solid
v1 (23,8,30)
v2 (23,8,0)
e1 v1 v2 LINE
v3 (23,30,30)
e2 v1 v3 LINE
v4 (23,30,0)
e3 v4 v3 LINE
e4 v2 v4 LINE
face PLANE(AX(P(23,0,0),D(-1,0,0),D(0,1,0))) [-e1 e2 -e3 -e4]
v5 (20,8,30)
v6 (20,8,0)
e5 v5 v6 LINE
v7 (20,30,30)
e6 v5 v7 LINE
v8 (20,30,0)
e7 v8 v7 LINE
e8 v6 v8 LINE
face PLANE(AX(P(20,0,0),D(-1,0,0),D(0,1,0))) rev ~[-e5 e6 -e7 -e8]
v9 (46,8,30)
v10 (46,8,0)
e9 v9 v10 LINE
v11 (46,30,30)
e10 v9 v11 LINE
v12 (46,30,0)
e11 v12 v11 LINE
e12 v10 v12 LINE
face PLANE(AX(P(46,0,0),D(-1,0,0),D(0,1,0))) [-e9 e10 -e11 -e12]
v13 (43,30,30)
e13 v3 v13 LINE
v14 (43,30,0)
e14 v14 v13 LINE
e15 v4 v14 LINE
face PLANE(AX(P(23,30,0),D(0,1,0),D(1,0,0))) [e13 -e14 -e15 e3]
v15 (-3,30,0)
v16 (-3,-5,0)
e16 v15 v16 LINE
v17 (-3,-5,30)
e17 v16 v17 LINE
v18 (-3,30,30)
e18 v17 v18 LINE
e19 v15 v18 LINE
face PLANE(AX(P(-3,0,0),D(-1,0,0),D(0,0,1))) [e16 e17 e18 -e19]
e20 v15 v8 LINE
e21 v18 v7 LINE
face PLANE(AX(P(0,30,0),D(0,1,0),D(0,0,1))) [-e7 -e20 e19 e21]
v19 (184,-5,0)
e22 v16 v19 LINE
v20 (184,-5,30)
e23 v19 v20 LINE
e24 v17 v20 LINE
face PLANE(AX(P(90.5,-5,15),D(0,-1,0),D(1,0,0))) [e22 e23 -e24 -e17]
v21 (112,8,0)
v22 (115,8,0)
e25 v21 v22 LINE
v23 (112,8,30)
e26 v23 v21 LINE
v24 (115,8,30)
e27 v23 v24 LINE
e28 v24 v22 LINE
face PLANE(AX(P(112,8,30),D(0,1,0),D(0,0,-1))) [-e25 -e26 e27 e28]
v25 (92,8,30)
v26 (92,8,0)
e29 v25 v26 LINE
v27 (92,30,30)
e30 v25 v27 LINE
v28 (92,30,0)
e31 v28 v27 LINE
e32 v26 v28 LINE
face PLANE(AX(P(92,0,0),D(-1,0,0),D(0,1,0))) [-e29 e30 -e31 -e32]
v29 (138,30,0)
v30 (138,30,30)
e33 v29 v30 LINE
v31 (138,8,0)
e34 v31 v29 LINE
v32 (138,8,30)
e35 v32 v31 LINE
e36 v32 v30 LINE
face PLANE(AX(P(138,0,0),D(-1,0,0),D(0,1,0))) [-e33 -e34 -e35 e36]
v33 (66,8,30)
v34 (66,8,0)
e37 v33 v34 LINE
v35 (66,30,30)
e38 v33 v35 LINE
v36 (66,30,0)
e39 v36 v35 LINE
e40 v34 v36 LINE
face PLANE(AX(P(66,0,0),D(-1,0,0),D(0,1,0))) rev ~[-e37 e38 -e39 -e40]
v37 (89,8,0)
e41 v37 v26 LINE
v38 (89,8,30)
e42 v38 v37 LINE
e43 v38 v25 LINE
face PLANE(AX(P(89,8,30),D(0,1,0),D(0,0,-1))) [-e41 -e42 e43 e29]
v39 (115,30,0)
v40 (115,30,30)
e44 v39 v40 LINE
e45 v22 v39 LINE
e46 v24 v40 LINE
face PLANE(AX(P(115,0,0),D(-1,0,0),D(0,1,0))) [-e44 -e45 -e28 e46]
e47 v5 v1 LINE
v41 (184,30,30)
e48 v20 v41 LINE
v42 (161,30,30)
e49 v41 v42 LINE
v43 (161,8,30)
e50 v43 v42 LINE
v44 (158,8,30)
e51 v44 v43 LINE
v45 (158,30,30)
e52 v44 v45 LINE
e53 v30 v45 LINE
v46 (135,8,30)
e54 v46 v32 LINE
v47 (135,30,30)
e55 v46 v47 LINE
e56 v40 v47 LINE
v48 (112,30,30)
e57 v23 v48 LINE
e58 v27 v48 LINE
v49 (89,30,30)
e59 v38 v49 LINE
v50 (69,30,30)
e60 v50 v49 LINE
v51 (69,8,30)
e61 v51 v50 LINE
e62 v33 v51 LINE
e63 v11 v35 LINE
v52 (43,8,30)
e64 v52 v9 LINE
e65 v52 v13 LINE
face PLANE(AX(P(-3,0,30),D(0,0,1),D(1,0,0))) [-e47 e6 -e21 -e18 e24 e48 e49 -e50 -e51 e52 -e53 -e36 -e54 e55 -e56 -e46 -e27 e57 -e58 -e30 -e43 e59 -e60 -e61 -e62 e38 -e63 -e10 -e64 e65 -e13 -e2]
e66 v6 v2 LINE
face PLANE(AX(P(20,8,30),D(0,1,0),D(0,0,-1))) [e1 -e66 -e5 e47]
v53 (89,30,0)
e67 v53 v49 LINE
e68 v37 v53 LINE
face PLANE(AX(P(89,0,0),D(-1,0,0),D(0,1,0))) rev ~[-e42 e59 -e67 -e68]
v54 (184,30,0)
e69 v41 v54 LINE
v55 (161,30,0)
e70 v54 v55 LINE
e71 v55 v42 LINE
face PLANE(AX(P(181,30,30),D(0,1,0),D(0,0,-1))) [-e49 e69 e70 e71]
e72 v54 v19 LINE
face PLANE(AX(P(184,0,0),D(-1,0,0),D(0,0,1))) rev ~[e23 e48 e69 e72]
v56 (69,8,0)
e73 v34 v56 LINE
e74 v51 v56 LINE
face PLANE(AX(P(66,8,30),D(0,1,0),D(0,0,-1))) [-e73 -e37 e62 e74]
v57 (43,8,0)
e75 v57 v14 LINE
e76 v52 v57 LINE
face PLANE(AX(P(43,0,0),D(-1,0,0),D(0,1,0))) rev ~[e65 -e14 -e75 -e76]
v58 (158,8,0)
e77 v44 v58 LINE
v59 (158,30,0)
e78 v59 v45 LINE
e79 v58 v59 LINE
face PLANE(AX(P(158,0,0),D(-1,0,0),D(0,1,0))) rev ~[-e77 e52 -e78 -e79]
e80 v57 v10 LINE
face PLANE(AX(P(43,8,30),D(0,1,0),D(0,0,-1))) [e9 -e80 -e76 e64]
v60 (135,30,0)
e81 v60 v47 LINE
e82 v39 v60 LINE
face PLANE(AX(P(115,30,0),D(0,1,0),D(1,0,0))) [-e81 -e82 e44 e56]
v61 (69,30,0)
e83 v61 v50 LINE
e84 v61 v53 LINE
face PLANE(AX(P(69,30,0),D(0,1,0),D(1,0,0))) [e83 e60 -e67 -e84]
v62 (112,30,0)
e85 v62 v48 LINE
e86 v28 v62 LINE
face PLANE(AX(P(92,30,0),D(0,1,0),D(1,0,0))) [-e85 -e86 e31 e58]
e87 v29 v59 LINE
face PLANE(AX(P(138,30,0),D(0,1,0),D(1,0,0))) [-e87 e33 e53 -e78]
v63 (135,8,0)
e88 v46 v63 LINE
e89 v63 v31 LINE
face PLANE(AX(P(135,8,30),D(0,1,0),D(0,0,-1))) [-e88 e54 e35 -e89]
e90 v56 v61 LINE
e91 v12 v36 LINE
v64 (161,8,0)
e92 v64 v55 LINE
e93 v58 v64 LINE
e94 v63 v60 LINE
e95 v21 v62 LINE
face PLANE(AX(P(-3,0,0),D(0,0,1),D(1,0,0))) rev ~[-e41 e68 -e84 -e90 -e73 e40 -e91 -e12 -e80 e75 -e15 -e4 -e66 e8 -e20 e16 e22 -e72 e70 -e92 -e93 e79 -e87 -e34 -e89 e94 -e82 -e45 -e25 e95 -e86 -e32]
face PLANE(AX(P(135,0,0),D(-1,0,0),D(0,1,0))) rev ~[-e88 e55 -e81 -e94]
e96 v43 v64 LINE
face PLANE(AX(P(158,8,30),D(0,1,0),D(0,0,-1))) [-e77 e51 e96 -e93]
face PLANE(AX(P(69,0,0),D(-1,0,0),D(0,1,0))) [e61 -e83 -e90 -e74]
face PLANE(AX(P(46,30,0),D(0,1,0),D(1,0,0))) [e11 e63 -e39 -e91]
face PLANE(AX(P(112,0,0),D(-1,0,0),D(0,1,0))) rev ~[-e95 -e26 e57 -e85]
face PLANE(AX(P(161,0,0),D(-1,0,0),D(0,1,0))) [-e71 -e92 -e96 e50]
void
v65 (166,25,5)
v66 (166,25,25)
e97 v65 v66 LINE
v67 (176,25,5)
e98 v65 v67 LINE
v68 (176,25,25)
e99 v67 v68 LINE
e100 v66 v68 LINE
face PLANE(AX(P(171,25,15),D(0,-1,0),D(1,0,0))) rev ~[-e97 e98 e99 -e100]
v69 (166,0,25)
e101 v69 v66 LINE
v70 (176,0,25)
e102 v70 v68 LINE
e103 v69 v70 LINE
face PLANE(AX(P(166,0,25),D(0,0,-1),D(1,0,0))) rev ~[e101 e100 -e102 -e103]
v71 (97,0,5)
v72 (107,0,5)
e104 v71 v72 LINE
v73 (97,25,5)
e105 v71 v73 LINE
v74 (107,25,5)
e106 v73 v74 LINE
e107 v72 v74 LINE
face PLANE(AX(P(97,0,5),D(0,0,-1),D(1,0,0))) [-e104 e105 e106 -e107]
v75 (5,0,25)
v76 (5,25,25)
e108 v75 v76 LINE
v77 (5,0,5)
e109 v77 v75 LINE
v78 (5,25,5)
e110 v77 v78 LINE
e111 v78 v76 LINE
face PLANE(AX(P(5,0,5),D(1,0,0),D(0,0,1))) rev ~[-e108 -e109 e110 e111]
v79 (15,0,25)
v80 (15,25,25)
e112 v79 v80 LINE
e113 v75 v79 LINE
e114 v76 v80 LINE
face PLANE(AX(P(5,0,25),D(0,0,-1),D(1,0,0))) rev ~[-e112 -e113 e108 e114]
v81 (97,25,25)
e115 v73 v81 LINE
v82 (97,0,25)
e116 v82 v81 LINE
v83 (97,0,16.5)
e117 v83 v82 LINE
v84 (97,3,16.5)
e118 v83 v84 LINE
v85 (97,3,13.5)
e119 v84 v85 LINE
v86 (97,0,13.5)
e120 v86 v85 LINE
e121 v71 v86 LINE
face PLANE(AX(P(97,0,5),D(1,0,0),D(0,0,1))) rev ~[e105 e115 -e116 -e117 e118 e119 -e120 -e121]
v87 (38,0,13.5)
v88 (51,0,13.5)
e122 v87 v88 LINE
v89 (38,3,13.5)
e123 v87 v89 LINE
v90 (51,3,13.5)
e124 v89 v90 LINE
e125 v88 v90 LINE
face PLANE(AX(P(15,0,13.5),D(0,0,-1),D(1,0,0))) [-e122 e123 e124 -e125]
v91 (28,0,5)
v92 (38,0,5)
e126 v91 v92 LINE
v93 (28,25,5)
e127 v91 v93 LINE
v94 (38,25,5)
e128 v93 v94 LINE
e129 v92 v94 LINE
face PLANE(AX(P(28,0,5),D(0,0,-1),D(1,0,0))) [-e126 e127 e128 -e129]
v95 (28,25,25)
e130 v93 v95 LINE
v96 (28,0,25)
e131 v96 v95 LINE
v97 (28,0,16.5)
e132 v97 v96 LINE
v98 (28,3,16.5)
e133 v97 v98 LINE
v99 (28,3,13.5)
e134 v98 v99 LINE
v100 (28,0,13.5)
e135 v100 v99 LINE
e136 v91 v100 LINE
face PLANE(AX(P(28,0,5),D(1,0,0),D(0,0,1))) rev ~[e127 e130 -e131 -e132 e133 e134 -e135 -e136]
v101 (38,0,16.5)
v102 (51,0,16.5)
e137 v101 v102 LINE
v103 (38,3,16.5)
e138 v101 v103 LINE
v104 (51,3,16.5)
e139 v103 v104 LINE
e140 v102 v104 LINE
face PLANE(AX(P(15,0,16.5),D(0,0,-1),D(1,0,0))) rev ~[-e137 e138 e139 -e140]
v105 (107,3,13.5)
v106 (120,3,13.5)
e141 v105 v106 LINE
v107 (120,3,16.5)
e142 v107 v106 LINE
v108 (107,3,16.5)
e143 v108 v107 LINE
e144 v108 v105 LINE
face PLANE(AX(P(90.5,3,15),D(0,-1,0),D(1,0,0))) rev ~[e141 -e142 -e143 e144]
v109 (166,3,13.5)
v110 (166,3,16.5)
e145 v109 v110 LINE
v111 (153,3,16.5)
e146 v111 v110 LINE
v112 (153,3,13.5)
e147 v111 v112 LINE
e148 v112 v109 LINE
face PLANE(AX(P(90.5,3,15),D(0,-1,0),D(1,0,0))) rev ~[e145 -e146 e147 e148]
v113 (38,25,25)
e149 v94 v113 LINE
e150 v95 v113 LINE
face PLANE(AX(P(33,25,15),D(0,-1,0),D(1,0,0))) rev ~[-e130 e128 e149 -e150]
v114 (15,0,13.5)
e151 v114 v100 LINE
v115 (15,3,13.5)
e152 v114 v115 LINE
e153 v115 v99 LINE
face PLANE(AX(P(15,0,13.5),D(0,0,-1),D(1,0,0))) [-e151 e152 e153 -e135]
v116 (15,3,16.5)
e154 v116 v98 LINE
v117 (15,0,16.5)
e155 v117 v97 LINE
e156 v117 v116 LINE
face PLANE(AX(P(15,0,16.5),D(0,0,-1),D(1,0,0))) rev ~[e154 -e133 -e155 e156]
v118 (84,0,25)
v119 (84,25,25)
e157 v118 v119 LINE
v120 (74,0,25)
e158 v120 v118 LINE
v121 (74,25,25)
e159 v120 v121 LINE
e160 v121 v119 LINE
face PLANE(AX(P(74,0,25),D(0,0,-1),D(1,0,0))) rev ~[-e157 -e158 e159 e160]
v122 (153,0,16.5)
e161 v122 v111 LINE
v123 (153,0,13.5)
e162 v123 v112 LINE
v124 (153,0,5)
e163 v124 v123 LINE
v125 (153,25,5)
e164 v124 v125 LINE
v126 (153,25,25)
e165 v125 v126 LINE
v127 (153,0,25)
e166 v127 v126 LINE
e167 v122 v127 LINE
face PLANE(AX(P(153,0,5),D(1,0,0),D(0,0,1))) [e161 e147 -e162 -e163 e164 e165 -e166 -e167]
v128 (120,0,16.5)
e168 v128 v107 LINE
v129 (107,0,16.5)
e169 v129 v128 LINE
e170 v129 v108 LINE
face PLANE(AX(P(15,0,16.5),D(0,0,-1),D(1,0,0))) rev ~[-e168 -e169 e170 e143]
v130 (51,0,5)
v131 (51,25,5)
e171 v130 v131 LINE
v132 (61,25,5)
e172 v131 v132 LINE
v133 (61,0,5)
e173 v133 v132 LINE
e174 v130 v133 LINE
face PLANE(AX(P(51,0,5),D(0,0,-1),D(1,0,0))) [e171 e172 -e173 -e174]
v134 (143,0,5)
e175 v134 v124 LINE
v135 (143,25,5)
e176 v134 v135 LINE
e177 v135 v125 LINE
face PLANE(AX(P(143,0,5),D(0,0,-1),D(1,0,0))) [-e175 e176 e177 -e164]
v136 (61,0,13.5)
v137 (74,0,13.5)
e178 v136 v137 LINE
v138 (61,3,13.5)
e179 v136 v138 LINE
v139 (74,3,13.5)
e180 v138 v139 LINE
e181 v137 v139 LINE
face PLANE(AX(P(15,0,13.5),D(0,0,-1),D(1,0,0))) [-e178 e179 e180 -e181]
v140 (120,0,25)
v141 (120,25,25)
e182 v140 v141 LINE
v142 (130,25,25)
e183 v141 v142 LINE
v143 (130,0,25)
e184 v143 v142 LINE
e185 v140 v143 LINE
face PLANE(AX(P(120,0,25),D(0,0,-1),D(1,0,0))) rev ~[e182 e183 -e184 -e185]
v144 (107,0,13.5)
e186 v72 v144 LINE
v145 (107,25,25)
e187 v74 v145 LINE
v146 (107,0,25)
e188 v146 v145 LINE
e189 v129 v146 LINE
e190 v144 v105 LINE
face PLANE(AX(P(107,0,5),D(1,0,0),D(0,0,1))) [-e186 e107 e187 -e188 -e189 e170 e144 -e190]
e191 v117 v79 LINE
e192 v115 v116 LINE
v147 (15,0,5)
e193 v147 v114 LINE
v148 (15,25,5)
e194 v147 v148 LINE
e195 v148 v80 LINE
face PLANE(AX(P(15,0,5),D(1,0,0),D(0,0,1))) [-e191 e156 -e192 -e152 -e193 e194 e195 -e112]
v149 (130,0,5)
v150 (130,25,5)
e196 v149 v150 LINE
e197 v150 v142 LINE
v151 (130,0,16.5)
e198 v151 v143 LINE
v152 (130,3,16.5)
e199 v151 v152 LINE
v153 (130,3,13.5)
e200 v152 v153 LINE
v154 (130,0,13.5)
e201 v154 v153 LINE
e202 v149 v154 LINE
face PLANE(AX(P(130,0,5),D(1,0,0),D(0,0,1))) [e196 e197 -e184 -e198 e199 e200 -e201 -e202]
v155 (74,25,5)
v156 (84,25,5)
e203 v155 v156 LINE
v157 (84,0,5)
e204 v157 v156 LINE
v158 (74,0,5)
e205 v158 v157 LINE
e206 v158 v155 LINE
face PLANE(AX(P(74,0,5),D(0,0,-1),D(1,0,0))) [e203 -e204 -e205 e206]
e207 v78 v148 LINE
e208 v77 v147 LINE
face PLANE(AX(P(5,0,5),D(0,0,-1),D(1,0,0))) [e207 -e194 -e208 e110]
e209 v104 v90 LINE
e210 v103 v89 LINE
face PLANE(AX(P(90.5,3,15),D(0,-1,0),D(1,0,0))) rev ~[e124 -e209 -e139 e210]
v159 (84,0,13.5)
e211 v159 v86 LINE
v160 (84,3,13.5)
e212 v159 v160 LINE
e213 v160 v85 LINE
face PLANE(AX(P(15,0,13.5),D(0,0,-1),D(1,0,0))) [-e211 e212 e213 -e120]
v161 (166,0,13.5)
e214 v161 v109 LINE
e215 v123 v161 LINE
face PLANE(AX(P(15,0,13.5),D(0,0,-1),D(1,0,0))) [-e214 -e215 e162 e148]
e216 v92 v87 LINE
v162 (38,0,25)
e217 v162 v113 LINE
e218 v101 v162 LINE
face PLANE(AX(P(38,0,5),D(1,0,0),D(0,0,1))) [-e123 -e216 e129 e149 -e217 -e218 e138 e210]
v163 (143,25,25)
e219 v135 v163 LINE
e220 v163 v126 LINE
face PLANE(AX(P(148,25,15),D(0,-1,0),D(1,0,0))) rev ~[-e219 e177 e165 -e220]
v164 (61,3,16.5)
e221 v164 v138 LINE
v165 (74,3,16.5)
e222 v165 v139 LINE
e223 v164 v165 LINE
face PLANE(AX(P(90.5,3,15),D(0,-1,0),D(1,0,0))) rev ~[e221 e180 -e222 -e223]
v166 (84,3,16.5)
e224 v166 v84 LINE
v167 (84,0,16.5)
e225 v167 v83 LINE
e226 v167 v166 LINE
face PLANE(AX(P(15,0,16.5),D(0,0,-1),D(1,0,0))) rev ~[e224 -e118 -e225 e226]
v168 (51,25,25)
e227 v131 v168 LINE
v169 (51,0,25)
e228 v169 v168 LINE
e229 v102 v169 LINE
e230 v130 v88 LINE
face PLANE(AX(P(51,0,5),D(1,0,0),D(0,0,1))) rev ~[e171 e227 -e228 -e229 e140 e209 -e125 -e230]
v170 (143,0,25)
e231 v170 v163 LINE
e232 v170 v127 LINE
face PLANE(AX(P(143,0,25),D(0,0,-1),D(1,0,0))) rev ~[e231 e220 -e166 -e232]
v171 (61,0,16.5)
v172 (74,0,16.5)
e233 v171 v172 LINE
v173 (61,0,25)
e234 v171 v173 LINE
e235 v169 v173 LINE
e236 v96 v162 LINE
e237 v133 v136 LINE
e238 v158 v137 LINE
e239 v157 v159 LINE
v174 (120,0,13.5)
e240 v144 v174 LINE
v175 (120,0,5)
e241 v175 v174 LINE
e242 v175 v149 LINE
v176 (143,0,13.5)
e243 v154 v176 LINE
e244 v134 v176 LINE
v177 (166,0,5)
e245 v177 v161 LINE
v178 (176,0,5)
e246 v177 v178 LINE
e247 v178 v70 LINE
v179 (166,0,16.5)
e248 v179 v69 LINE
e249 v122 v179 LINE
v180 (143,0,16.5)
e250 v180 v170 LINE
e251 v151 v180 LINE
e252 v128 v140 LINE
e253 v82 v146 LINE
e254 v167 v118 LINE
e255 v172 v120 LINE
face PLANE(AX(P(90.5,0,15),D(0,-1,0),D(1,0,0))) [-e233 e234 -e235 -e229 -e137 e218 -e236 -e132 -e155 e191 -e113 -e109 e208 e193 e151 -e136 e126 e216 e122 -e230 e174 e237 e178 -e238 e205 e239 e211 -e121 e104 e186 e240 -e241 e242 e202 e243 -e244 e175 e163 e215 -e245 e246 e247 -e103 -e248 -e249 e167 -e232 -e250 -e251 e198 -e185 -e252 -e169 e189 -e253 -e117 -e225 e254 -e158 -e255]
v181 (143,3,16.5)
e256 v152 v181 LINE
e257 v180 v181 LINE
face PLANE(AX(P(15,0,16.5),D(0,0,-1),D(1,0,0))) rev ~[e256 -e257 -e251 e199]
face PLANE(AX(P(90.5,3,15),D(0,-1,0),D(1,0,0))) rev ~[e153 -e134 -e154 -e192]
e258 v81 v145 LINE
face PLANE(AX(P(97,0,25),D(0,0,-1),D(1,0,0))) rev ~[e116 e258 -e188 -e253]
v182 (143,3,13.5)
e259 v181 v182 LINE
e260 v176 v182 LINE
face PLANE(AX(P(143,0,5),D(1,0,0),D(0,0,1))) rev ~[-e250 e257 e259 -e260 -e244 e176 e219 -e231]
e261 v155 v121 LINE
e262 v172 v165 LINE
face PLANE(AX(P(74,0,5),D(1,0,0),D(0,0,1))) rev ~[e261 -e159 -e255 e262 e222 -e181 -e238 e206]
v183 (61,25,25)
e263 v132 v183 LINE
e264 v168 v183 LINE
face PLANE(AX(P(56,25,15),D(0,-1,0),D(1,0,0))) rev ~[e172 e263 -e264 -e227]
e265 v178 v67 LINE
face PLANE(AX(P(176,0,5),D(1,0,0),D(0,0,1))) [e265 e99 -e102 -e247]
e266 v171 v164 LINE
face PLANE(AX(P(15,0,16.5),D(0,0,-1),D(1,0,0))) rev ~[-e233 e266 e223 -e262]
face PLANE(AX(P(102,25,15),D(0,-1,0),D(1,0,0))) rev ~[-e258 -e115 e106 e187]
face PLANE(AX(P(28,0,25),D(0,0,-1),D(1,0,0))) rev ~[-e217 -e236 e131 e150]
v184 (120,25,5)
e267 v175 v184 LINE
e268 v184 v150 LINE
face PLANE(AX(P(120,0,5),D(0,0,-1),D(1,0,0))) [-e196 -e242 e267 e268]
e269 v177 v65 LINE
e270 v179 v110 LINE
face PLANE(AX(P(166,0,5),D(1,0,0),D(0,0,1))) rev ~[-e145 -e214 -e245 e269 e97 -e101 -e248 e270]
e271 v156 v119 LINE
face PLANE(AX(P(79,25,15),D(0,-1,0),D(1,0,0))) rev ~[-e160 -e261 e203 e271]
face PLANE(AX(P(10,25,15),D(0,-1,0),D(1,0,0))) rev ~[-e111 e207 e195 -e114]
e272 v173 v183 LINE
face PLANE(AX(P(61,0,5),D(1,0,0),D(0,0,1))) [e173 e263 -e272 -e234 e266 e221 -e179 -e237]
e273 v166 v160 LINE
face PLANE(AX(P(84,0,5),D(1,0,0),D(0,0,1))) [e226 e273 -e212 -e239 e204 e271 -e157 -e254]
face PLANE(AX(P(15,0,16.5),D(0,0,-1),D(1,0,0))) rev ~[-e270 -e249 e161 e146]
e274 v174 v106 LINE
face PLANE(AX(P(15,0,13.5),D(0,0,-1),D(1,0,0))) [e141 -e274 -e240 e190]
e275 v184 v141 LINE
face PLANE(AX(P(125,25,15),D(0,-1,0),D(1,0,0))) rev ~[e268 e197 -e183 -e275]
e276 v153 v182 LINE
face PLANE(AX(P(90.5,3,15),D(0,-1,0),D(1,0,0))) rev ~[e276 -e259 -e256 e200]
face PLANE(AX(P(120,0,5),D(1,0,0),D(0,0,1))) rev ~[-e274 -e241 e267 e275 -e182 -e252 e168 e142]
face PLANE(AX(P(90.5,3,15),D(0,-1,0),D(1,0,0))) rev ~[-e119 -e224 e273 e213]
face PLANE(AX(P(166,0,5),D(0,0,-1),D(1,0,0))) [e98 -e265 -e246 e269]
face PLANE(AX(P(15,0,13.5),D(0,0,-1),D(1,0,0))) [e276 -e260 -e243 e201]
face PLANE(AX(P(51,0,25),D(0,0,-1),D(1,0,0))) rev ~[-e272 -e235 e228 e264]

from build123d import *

# Parameters (mm, degrees)
SKETCH1_W           = 20
SKETCH1_H           = 30
BOSS_EXTRUDE1_DEPTH = 30
SKETCH2_W           = 10
SKETCH2_H           = 20
CUT_EXTRUDE1_DEPTH  = 25
SKETCH3_W           = 30
SKETCH3_H           = 8
BOSS_EXTRUDE2_DEPTH = 3
LPATTERN1_COUNT     = 8
LPATTERN1_PITCH     = 23
SKETCH4_W           = 30
SKETCH4_H           = 22
BOSS_EXTRUDE3_DEPTH = 3
SKETCH5_W           = 30
SKETCH5_H           = 30
BOSS_EXTRUDE4_DEPTH = 3
SKETCH6_W           = 151
SKETCH6_H           = 3
CUT_EXTRUDE2_DEPTH  = 3
SKETCH7_W           = 187
SKETCH7_H           = 30
BOSS_EXTRUDE5_DEPTH = 5


with BuildPart() as part:
    # Sketch1 → Boss-Extrude1 (new body)
    with BuildSketch(Plane.XY):
        with Locations((10, 15)):
            Rectangle(SKETCH1_W, SKETCH1_H)
    extrude(amount=BOSS_EXTRUDE1_DEPTH)

    # Sketch2 → Cut-Extrude1 (cut)
    with BuildSketch(Plane.XZ):
        with Locations((10, 15)):
            Rectangle(SKETCH2_W, SKETCH2_H)
    extrude(amount=-CUT_EXTRUDE1_DEPTH, mode=Mode.SUBTRACT)

    # Sketch3 → Boss-Extrude2 (add)
    with BuildSketch(Plane(origin=(20, 0, 0), x_dir=(0, 0, -1), z_dir=(1, 0, 0))):
        with Locations((-15, 4)):
            Rectangle(SKETCH3_W, SKETCH3_H)
    extrude(amount=BOSS_EXTRUDE2_DEPTH)


with BuildPart() as lpattern1_1:
    # LPattern1: pattern copy
    add(part.part.moved(Location(Vector(1, 0, 0) * (1 * LPATTERN1_PITCH))))


with BuildPart() as lpattern1_2:
    # LPattern1: pattern copy
    add(part.part.moved(Location(Vector(1, 0, 0) * (2 * LPATTERN1_PITCH))))


with BuildPart() as lpattern1_3:
    # LPattern1: pattern copy
    add(part.part.moved(Location(Vector(1, 0, 0) * (3 * LPATTERN1_PITCH))))


with BuildPart() as lpattern1_4:
    # LPattern1: pattern copy
    add(part.part.moved(Location(Vector(1, 0, 0) * (4 * LPATTERN1_PITCH))))


with BuildPart() as lpattern1_5:
    # LPattern1: pattern copy
    add(part.part.moved(Location(Vector(1, 0, 0) * (5 * LPATTERN1_PITCH))))


with BuildPart() as lpattern1_6:
    # LPattern1: pattern copy
    add(part.part.moved(Location(Vector(1, 0, 0) * (6 * LPATTERN1_PITCH))))


with BuildPart() as lpattern1_7:
    # LPattern1: pattern copy
    add(part.part.moved(Location(Vector(1, 0, 0) * (7 * LPATTERN1_PITCH))))

    # Combine1: union part, LPattern1_1, LPattern1_2, LPattern1_3, LPattern1_4, LPattern1_5, LPattern1_6
    add(part.part)
    add(lpattern1_1.part)
    add(lpattern1_2.part)
    add(lpattern1_3.part)
    add(lpattern1_4.part)
    add(lpattern1_5.part)
    add(lpattern1_6.part)

    # Sketch4 → Boss-Extrude3 (add)
    with BuildSketch(Plane(origin=(181, 0, 0), x_dir=(0, 0, -1), z_dir=(1, 0, 0))):
        with Locations((-15, 19)):
            Rectangle(SKETCH4_W, SKETCH4_H)
    extrude(amount=BOSS_EXTRUDE3_DEPTH)

    # Sketch5 → Boss-Extrude4 (add)
    with BuildSketch(Plane.ZY):
        with Locations((15, 15)):
            Rectangle(SKETCH5_W, SKETCH5_H)
    extrude(amount=BOSS_EXTRUDE4_DEPTH)

    # Sketch6 → Cut-Extrude2 (cut)
    with BuildSketch(Plane.XZ):
        with Locations((90.5, 15)):
            Rectangle(SKETCH6_W, SKETCH6_H)
    extrude(amount=-CUT_EXTRUDE2_DEPTH, mode=Mode.SUBTRACT)

    # Sketch7 → Boss-Extrude5 (add)
    with BuildSketch(Plane.XZ):
        with Locations((90.5, 15)):
            Rectangle(SKETCH7_W, SKETCH7_H)
    extrude(amount=BOSS_EXTRUDE5_DEPTH)


solid = lpattern1_7.part
